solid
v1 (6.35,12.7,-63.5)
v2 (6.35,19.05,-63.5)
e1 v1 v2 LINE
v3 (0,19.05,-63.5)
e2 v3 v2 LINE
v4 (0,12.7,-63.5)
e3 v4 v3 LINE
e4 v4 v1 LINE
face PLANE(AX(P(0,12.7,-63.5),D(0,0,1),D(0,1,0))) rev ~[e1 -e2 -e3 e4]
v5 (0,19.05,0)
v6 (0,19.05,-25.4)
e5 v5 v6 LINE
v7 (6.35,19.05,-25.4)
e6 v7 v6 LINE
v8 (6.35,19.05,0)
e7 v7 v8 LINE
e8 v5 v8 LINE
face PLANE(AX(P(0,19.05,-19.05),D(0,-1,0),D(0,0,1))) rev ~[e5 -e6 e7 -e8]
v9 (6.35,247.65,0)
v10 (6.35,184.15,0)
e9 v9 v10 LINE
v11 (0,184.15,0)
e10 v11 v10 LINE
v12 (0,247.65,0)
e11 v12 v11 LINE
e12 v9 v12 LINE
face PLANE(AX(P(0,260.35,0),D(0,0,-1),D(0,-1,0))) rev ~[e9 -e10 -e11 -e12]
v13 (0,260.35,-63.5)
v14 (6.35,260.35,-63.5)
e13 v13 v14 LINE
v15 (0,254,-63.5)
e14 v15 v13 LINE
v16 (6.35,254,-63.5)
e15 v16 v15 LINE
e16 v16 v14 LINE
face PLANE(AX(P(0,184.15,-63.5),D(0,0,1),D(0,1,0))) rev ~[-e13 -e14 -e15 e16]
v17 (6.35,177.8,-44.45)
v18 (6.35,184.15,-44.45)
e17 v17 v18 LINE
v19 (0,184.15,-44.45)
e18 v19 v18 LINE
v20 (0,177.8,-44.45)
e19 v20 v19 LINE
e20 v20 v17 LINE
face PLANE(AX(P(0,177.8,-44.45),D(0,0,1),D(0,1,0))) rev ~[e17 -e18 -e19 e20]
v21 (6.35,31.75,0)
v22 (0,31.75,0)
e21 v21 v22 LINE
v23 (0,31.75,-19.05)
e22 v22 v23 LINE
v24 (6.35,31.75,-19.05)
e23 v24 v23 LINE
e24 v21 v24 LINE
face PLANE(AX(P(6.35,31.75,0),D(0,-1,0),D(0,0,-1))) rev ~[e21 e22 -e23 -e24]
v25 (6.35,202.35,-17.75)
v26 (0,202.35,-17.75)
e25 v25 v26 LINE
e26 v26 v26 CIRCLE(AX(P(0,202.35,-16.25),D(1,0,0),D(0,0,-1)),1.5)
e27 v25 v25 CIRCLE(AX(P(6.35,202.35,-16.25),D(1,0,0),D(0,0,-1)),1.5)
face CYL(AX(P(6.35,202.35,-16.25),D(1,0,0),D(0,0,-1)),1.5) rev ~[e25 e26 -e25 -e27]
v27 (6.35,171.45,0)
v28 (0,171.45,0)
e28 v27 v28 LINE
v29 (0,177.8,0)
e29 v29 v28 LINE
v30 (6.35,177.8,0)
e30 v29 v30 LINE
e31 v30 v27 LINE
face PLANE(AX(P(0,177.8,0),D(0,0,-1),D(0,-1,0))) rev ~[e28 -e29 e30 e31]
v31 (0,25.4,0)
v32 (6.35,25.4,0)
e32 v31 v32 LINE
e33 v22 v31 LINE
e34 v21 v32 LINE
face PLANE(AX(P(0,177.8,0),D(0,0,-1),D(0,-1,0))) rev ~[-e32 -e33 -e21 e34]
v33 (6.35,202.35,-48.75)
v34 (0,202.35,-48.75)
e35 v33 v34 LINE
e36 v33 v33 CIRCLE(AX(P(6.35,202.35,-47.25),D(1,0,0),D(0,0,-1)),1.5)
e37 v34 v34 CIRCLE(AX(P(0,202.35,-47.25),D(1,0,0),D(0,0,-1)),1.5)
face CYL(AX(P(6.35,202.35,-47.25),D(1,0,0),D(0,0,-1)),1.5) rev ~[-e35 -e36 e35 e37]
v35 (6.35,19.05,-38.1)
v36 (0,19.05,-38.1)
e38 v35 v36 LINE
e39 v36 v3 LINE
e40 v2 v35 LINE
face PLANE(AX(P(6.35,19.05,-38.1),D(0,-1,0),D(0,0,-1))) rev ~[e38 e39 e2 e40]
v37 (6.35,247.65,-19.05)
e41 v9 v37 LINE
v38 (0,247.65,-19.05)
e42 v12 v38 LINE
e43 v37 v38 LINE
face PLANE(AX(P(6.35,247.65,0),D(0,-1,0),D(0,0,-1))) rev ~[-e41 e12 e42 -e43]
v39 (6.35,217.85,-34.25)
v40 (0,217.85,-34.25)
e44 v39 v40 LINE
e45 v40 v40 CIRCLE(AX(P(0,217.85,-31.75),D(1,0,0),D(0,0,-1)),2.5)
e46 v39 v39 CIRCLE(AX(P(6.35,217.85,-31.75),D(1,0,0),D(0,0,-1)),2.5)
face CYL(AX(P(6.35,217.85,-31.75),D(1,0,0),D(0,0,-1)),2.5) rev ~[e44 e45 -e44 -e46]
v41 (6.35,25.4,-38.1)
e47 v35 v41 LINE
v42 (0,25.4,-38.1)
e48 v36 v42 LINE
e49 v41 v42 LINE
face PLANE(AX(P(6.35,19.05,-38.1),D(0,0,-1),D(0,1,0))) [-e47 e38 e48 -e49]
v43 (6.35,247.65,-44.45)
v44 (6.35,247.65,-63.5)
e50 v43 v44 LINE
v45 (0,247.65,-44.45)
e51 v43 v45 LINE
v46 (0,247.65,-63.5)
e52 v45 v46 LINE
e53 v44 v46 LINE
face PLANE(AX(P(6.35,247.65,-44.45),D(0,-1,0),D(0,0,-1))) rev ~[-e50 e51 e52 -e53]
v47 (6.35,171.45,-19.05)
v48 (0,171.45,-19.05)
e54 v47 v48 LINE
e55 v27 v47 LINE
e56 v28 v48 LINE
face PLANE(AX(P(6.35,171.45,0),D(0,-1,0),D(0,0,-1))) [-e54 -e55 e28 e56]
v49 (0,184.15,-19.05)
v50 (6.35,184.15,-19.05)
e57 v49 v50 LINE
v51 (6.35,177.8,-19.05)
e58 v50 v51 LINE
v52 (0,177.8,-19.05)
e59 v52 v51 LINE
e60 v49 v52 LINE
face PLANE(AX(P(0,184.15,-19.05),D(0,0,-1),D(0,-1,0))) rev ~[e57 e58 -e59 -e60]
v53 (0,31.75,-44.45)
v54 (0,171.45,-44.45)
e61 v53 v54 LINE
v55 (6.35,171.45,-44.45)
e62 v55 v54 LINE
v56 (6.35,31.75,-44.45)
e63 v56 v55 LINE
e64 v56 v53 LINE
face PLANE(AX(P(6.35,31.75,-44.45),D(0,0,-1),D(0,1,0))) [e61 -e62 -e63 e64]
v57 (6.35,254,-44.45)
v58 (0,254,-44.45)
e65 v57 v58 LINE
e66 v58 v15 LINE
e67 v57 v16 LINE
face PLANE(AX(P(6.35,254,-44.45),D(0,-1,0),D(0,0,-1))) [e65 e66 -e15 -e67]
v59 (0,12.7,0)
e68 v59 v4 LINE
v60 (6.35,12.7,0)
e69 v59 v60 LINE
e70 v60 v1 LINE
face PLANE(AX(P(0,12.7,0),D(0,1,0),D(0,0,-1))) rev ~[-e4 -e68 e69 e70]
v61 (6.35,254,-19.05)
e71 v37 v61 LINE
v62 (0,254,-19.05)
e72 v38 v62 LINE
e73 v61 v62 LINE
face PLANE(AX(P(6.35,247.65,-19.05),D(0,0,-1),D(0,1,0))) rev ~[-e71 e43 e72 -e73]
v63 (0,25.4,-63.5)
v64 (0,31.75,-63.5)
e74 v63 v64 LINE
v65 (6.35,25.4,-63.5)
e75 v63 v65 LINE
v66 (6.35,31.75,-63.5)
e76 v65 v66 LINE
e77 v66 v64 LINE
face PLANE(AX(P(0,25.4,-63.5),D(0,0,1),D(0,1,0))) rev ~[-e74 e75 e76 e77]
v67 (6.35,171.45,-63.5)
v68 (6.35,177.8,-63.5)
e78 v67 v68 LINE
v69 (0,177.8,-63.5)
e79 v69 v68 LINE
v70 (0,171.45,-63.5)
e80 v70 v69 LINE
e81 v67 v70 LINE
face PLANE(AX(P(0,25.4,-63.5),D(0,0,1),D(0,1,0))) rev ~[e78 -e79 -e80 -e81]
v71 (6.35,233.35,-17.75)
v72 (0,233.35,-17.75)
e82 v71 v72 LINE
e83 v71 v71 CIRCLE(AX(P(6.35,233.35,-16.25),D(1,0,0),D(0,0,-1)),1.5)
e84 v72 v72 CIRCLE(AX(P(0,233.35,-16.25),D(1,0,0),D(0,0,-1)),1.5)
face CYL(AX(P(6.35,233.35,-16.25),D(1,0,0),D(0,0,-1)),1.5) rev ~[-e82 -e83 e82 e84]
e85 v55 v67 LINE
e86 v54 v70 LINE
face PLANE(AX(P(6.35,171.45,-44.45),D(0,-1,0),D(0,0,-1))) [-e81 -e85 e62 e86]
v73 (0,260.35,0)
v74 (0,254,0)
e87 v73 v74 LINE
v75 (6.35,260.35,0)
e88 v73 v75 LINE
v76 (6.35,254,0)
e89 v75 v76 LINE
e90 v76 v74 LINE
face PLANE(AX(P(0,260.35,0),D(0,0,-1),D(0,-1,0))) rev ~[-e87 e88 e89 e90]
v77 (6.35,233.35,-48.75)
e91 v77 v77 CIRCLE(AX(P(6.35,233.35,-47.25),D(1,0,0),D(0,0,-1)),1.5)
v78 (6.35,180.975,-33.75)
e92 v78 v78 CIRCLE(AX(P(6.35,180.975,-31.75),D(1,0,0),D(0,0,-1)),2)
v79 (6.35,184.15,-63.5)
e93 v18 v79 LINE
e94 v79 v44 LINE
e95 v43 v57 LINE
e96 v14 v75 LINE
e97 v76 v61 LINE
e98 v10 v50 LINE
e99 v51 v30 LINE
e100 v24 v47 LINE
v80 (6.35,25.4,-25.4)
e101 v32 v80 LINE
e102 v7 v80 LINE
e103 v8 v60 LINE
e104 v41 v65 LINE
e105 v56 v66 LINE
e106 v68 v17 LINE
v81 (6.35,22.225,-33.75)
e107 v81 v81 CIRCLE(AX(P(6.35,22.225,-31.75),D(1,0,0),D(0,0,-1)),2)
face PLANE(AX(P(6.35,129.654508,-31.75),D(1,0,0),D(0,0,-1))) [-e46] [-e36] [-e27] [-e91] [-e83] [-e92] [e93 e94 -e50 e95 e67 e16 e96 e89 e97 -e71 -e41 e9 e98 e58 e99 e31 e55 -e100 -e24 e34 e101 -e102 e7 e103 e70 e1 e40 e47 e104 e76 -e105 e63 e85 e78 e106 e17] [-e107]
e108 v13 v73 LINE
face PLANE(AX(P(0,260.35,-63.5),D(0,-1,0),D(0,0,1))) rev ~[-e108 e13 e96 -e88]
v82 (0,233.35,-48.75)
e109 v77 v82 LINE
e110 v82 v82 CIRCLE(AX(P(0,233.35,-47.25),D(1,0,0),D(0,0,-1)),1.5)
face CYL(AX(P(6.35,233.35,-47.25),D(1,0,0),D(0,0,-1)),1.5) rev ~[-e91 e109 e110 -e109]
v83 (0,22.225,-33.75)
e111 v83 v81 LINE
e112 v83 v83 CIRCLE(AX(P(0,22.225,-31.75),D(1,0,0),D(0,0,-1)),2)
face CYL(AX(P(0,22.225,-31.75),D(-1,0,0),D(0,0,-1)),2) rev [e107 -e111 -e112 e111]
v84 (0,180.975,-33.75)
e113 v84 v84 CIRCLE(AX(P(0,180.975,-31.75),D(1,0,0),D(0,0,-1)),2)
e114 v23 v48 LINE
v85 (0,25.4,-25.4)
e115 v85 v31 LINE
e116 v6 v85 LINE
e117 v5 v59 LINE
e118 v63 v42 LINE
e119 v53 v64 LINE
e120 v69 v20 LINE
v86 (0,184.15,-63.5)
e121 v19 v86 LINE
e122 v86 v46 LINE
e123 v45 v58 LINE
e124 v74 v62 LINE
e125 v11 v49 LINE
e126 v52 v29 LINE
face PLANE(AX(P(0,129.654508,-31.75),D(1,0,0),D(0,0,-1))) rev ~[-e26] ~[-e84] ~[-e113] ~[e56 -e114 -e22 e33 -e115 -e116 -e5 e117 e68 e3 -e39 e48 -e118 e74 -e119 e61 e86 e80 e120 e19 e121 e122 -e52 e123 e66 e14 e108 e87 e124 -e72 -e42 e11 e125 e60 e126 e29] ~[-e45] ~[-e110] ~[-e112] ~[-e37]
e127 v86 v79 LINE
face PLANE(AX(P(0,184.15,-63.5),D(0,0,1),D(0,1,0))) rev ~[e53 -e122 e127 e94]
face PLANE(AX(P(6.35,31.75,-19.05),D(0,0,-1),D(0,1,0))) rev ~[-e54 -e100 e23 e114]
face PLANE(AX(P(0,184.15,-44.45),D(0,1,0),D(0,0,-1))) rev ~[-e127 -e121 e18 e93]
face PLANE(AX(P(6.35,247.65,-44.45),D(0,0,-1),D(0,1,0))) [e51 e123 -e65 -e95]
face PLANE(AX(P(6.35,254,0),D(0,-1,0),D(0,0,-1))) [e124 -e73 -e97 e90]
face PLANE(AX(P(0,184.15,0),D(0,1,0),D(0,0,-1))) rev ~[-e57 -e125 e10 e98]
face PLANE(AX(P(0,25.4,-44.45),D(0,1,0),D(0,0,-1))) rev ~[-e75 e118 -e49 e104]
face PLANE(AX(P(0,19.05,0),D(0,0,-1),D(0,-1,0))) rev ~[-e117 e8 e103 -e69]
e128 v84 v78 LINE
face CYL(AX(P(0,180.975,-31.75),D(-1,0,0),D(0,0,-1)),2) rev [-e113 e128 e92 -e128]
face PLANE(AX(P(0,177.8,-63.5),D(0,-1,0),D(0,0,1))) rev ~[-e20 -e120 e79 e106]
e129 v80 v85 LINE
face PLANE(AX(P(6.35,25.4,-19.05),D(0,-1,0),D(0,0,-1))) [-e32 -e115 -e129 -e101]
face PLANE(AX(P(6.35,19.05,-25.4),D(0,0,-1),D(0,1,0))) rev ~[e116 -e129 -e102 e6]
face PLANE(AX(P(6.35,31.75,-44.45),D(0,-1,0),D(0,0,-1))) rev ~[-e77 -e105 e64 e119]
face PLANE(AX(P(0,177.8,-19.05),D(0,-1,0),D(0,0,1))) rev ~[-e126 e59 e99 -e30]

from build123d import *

# Parameters (mm, degrees)
SKETCH1_R           = 2
BOSS_EXTRUDE1_DEPTH = 6.35
SKETCH3_W           = 19.05
SKETCH3_H           = 139.7
CUT_EXTRUDE2_DEPTH  = 6.35
SKETCH2_R           = 1.500000048
SKETCH2_R_2         = 2.5
CUT_EXTRUDE3_DEPTH  = 6.35
SKETCH4_W           = 6.35
SKETCH4_H           = 6.35
CUT_EXTRUDE4_DEPTH  = 6.35
SKETCH5_W           = 19.05
SKETCH5_H           = 6.35
CUT_EXTRUDE5_DEPTH  = 6.35


with BuildPart() as part:
    # Sketch1 → Boss-Extrude1 (new body)
    with BuildSketch(Plane(origin=(0, 0, 0), x_dir=(0, 0, -1), z_dir=(1, 0, 0))):
        Polygon((63.5, 184.15), (63.5, 215.9), (63.5, 228.6), (63.5, 254), (63.5, 260.35), (0, 260.35), (0, 254), (0, 228.6), (0, 215.9), (0, 184.15), (19.05, 184.15), (19.05, 177.8), (0, 177.8), (0, 25.4), (19.05, 25.4), (19.05, 19.05), (0, 19.05), (0, 12.7), (61.867851021, 12.7), (63.5, 12.7), (63.5, 19.05), (57.15, 19.05), (44.45, 19.05), (44.45, 25.4), (57.15, 25.4), (63.5, 25.4), (63.5, 177.8), (44.45, 177.8), (44.45, 184.15), align=None)
        with Locations((31.75, 180.975)):
            Circle(SKETCH1_R, mode=Mode.SUBTRACT)
        with Locations((31.75, 22.225)):
            Circle(SKETCH1_R, mode=Mode.SUBTRACT)
    extrude(amount=BOSS_EXTRUDE1_DEPTH)

    # Sketch3 → Cut-Extrude2 (cut)
    with BuildSketch(Plane(origin=(6.35, 0, 0), x_dir=(0, 0, -1), z_dir=(1, 0, 0))):
        with Locations((9.525, 101.6)):
            Rectangle(SKETCH3_W, SKETCH3_H)
        with Locations((53.975, 101.6)):
            Rectangle(SKETCH3_W, SKETCH3_H)
    extrude(amount=-CUT_EXTRUDE2_DEPTH, mode=Mode.SUBTRACT)

    # Sketch2 → Cut-Extrude3 (cut)
    with BuildSketch(Plane(origin=(6.35, 0, 0), x_dir=(0, 0, -1), z_dir=(1, 0, 0))):
        with Locations((47.250000115, 233.350000152)):
            Circle(SKETCH2_R)
        with Locations((31.75, 217.850000037)):
            Circle(SKETCH2_R_2)
        with Locations((47.250000115, 202.349999922)):
            Circle(SKETCH2_R)
        with Locations((16.249999885, 202.349999922)):
            Circle(SKETCH2_R)
        with Locations((16.249999885, 233.350000152)):
            Circle(SKETCH2_R)
    extrude(amount=-CUT_EXTRUDE3_DEPTH, mode=Mode.SUBTRACT)

    # Sketch4 → Cut-Extrude4 (cut)
    with BuildSketch(Plane(origin=(6.35, 0, 0), x_dir=(0, 0, -1), z_dir=(1, 0, 0))):
        with Locations((22.225, 22.225)):
            Rectangle(SKETCH4_W, SKETCH4_H)
        with Locations((41.275, 22.225)):
            Rectangle(SKETCH4_W, SKETCH4_H)
    extrude(amount=-CUT_EXTRUDE4_DEPTH, mode=Mode.SUBTRACT)

    # Sketch5 → Cut-Extrude5 (cut)
    with BuildSketch(Plane(origin=(6.35, 0, 0), x_dir=(0, 0, -1), z_dir=(1, 0, 0))):
        with Locations((9.525, 250.825)):
            Rectangle(SKETCH5_W, SKETCH5_H)
        with Locations((53.975, 250.825)):
            Rectangle(SKETCH5_W, SKETCH5_H)
    extrude(amount=-CUT_EXTRUDE5_DEPTH, mode=Mode.SUBTRACT)


solid = part.part
